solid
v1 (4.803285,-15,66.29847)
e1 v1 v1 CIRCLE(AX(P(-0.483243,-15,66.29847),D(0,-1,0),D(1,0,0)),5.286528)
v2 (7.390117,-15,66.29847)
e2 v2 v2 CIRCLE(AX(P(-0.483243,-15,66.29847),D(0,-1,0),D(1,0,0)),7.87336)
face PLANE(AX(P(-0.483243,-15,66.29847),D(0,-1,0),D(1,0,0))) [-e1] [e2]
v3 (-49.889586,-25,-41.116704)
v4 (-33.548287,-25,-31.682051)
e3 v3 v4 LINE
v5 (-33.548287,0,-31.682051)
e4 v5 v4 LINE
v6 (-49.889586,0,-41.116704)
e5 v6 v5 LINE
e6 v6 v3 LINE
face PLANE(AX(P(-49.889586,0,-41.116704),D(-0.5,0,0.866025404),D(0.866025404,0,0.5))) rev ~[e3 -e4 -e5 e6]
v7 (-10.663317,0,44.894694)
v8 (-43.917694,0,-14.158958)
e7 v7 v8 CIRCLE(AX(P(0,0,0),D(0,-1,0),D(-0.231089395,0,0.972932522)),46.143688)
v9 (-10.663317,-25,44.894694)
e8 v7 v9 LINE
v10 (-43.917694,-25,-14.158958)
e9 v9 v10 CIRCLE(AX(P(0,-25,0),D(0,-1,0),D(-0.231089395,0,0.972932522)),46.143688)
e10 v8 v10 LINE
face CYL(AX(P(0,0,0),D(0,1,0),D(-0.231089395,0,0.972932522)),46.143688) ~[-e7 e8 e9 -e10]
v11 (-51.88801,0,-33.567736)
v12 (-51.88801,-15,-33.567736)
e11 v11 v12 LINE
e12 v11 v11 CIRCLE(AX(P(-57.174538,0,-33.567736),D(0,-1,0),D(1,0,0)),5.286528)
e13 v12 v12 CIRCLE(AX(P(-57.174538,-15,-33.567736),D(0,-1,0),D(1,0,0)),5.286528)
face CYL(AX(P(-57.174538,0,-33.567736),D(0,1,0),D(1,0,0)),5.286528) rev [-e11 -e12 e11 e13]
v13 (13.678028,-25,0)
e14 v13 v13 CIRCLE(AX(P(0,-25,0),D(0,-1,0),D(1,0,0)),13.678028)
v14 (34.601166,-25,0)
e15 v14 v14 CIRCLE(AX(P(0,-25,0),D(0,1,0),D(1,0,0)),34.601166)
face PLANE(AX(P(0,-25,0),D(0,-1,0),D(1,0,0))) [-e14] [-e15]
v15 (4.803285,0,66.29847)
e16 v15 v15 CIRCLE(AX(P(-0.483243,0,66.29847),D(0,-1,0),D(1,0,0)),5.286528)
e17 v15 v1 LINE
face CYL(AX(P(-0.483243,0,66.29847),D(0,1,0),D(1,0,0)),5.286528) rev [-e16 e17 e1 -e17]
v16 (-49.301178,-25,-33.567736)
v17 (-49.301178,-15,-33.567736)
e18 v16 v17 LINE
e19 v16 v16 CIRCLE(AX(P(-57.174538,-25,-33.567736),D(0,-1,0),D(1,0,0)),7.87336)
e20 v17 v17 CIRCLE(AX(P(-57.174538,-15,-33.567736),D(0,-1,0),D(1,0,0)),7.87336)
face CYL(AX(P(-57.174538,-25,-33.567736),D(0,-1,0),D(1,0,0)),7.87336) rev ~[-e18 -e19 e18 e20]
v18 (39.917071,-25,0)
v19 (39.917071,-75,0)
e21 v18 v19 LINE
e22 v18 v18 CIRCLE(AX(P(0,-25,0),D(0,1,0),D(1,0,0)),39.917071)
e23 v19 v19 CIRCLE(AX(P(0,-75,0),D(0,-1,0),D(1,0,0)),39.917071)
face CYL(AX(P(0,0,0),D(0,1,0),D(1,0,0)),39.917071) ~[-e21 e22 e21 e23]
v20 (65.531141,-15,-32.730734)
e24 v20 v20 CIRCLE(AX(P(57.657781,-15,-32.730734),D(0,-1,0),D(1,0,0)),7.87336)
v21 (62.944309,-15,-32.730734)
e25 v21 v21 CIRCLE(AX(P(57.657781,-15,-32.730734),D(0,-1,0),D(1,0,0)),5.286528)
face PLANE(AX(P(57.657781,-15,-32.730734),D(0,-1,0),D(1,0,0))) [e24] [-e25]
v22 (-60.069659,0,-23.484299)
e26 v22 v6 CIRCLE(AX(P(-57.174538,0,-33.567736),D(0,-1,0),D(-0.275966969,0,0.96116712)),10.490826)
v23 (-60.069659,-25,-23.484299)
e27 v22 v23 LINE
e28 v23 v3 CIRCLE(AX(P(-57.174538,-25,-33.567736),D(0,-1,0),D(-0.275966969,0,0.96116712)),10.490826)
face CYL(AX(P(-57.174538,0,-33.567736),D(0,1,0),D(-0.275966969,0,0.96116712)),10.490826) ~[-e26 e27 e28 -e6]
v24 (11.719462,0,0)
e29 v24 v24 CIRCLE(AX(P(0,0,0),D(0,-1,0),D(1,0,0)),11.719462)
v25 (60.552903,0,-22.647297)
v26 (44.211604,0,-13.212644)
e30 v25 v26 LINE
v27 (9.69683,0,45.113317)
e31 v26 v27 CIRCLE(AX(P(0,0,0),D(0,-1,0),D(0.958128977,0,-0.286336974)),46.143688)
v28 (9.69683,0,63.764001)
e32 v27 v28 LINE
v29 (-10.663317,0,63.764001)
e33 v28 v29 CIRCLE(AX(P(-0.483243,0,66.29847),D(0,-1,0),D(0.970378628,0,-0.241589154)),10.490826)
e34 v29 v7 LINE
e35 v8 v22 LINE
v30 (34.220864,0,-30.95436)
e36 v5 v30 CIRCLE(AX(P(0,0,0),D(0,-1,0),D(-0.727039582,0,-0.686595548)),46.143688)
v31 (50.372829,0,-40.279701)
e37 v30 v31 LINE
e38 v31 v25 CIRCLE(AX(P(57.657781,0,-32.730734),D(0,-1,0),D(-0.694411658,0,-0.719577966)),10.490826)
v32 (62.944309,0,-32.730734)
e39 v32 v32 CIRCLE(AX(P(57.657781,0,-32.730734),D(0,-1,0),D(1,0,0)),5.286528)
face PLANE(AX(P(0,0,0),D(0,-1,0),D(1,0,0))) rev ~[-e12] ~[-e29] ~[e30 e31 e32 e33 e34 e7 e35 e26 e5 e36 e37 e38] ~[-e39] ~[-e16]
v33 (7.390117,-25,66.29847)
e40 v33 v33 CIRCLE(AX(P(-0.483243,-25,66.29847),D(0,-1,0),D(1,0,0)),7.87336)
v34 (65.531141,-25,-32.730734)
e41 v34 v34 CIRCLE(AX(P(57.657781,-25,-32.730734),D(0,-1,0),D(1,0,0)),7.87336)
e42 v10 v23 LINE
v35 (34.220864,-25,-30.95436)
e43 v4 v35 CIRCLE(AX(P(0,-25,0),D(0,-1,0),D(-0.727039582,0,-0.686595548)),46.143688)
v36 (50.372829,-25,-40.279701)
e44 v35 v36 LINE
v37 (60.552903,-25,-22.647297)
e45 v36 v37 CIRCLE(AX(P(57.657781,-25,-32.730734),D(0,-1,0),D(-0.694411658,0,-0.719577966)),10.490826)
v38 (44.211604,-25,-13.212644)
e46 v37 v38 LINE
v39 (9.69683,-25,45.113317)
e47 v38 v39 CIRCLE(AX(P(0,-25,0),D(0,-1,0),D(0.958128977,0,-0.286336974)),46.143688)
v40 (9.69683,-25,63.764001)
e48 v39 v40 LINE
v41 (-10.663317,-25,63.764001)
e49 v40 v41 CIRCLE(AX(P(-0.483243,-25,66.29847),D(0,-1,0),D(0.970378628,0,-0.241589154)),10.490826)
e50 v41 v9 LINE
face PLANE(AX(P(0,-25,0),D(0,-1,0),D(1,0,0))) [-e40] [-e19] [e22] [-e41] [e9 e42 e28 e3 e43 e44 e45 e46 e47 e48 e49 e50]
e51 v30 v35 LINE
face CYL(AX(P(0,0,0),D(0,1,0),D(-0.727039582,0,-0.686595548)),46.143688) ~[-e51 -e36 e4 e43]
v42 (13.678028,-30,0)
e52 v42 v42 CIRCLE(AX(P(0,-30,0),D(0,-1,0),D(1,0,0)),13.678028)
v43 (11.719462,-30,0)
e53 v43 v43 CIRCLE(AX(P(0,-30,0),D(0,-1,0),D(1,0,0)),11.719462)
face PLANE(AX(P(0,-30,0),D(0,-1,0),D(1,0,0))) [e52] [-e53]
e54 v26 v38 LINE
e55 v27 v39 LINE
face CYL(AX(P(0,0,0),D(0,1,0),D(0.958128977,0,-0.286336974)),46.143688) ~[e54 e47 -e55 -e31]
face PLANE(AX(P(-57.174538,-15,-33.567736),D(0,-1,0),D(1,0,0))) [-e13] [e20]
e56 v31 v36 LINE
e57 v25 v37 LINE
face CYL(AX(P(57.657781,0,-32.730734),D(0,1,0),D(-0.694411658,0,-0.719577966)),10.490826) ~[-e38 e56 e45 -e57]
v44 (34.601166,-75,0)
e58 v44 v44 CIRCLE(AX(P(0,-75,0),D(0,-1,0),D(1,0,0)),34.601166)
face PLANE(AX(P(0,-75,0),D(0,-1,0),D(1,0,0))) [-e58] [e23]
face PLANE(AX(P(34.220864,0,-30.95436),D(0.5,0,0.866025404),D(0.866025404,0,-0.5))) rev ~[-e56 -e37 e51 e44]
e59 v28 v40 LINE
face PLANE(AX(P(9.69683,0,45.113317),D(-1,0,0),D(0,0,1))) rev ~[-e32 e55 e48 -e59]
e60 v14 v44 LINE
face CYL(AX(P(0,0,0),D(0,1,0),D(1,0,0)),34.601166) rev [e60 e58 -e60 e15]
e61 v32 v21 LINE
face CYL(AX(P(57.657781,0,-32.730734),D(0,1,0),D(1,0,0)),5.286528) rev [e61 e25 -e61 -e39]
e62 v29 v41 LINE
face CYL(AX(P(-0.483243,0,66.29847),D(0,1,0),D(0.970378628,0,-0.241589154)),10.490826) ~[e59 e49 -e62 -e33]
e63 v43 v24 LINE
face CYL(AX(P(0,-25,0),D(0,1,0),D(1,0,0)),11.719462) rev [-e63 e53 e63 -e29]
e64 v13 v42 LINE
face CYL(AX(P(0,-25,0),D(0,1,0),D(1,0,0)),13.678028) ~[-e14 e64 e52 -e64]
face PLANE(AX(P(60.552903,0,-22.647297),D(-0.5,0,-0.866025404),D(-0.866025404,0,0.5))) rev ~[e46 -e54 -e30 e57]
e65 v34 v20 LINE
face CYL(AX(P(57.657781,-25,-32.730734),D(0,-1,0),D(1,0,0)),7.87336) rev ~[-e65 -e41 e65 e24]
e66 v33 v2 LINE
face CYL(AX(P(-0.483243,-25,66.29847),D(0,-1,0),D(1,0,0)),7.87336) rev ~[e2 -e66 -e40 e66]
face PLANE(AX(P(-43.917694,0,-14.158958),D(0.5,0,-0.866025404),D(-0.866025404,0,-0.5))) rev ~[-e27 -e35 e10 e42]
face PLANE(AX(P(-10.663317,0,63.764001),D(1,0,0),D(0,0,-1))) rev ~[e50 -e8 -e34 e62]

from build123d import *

# Parameters (mm, degrees)
F0_R     = 5.2865279156
F1_DEPTH = 25
F2_R     = 39.9170706603
F2_R_2   = 34.6011659379
F3_DEPTH = 75
F4_R     = 11.7194622097
F5_DEPTH = 25
F6_R     = 7.873360038
F6_R_2   = 5.2865279156
F7_DEPTH = 10
F8_R     = 13.6780275644
F8_R_2   = 11.7194622097
F9_DEPTH = 5


with BuildPart() as f1:
    # F0 (on Front) → F1 (new body)
    with BuildSketch(Plane.XZ):
        with BuildLine():
            Line((-10.6633168949, 63.7640005702), (-10.6633168949, 44.8946944847))
            ThreePointArc((-10.6633168949, 44.8946944847), (-40.2070284925, 22.6414394393), (-43.917693949, -14.1589575281))
            Line((-43.917693949, -14.1589575281), (-60.0696593727, -23.4842991134))
            ThreePointArc((-60.0696593727, -23.4842991134), (-66.2598598239, -38.8131493377), (-49.8895858933, -41.1167036046))
            Line((-49.8895858933, -41.1167036046), (-33.5482874715, -31.6820505619))
            ThreePointArc((-33.5482874715, -31.6820505619), (0.4954525136, -46.1410278048), (34.2208638849, -30.9543598714))
            Line((34.2208638849, -30.9543598714), (50.3728293087, -40.2797014568))
            ThreePointArc((50.3728293087, -40.2797014568), (66.7431032393, -37.9761471898), (60.5529027881, -22.6472969656))
            Line((60.5529027881, -22.6472969656), (44.2116043663, -13.2126439228))
            ThreePointArc((44.2116043663, -13.2126439228), (39.7115759789, 23.4995883656), (9.6968300641, 45.1133173995))
            Line((9.6968300641, 45.1133173995), (9.6968300641, 63.7640005702))
            ThreePointArc((9.6968300641, 63.7640005702), (-0.4832434154, 76.7892965276), (-10.6633168949, 63.7640005702))
        make_face()
        with Locations((-57.1745378733, -33.5677362638)):
            Circle(F0_R, mode=Mode.SUBTRACT)
        with Locations((57.6577812887, -32.730734116)):
            Circle(F0_R, mode=Mode.SUBTRACT)
        with Locations((-0.4832434154, 66.2984703798)):
            Circle(F0_R, mode=Mode.SUBTRACT)
    extrude(amount=F1_DEPTH)

    # F2 (on Front) → F3 (join)
    with BuildSketch(Plane.XZ):
        Circle(F2_R)
        Circle(F2_R_2, mode=Mode.SUBTRACT)
    extrude(amount=F3_DEPTH)

    # F4 (on Front) → F5 (cut)
    with BuildSketch(Plane.XZ):
        Circle(F4_R)
    extrude(amount=F5_DEPTH, mode=Mode.SUBTRACT)

    # F6 (on face) → F7 (cut)
    with BuildSketch(Plane.XZ.offset(25)):
        with Locations((-0.4832434154, 66.2984703798)):
            Circle(F6_R)
        with Locations((-0.4832434154, 66.2984703798)):
            Circle(F6_R_2, mode=Mode.SUBTRACT)
        with Locations((-57.1745378733, -33.5677362638)):
            Circle(F6_R)
        with Locations((-57.1745378733, -33.5677362638)):
            Circle(F6_R_2, mode=Mode.SUBTRACT)
        with Locations((57.6577812887, -32.730734116)):
            Circle(F6_R)
        with Locations((57.6577812887, -32.730734116)):
            Circle(F6_R_2, mode=Mode.SUBTRACT)
    extrude(amount=-F7_DEPTH, mode=Mode.SUBTRACT)

    # F8 (on face) → F9 (join)
    with BuildSketch(Plane.XZ.offset(25)):
        Circle(F8_R)
        Circle(F8_R_2, mode=Mode.SUBTRACT)
    extrude(amount=F9_DEPTH)


solid = f1.part
